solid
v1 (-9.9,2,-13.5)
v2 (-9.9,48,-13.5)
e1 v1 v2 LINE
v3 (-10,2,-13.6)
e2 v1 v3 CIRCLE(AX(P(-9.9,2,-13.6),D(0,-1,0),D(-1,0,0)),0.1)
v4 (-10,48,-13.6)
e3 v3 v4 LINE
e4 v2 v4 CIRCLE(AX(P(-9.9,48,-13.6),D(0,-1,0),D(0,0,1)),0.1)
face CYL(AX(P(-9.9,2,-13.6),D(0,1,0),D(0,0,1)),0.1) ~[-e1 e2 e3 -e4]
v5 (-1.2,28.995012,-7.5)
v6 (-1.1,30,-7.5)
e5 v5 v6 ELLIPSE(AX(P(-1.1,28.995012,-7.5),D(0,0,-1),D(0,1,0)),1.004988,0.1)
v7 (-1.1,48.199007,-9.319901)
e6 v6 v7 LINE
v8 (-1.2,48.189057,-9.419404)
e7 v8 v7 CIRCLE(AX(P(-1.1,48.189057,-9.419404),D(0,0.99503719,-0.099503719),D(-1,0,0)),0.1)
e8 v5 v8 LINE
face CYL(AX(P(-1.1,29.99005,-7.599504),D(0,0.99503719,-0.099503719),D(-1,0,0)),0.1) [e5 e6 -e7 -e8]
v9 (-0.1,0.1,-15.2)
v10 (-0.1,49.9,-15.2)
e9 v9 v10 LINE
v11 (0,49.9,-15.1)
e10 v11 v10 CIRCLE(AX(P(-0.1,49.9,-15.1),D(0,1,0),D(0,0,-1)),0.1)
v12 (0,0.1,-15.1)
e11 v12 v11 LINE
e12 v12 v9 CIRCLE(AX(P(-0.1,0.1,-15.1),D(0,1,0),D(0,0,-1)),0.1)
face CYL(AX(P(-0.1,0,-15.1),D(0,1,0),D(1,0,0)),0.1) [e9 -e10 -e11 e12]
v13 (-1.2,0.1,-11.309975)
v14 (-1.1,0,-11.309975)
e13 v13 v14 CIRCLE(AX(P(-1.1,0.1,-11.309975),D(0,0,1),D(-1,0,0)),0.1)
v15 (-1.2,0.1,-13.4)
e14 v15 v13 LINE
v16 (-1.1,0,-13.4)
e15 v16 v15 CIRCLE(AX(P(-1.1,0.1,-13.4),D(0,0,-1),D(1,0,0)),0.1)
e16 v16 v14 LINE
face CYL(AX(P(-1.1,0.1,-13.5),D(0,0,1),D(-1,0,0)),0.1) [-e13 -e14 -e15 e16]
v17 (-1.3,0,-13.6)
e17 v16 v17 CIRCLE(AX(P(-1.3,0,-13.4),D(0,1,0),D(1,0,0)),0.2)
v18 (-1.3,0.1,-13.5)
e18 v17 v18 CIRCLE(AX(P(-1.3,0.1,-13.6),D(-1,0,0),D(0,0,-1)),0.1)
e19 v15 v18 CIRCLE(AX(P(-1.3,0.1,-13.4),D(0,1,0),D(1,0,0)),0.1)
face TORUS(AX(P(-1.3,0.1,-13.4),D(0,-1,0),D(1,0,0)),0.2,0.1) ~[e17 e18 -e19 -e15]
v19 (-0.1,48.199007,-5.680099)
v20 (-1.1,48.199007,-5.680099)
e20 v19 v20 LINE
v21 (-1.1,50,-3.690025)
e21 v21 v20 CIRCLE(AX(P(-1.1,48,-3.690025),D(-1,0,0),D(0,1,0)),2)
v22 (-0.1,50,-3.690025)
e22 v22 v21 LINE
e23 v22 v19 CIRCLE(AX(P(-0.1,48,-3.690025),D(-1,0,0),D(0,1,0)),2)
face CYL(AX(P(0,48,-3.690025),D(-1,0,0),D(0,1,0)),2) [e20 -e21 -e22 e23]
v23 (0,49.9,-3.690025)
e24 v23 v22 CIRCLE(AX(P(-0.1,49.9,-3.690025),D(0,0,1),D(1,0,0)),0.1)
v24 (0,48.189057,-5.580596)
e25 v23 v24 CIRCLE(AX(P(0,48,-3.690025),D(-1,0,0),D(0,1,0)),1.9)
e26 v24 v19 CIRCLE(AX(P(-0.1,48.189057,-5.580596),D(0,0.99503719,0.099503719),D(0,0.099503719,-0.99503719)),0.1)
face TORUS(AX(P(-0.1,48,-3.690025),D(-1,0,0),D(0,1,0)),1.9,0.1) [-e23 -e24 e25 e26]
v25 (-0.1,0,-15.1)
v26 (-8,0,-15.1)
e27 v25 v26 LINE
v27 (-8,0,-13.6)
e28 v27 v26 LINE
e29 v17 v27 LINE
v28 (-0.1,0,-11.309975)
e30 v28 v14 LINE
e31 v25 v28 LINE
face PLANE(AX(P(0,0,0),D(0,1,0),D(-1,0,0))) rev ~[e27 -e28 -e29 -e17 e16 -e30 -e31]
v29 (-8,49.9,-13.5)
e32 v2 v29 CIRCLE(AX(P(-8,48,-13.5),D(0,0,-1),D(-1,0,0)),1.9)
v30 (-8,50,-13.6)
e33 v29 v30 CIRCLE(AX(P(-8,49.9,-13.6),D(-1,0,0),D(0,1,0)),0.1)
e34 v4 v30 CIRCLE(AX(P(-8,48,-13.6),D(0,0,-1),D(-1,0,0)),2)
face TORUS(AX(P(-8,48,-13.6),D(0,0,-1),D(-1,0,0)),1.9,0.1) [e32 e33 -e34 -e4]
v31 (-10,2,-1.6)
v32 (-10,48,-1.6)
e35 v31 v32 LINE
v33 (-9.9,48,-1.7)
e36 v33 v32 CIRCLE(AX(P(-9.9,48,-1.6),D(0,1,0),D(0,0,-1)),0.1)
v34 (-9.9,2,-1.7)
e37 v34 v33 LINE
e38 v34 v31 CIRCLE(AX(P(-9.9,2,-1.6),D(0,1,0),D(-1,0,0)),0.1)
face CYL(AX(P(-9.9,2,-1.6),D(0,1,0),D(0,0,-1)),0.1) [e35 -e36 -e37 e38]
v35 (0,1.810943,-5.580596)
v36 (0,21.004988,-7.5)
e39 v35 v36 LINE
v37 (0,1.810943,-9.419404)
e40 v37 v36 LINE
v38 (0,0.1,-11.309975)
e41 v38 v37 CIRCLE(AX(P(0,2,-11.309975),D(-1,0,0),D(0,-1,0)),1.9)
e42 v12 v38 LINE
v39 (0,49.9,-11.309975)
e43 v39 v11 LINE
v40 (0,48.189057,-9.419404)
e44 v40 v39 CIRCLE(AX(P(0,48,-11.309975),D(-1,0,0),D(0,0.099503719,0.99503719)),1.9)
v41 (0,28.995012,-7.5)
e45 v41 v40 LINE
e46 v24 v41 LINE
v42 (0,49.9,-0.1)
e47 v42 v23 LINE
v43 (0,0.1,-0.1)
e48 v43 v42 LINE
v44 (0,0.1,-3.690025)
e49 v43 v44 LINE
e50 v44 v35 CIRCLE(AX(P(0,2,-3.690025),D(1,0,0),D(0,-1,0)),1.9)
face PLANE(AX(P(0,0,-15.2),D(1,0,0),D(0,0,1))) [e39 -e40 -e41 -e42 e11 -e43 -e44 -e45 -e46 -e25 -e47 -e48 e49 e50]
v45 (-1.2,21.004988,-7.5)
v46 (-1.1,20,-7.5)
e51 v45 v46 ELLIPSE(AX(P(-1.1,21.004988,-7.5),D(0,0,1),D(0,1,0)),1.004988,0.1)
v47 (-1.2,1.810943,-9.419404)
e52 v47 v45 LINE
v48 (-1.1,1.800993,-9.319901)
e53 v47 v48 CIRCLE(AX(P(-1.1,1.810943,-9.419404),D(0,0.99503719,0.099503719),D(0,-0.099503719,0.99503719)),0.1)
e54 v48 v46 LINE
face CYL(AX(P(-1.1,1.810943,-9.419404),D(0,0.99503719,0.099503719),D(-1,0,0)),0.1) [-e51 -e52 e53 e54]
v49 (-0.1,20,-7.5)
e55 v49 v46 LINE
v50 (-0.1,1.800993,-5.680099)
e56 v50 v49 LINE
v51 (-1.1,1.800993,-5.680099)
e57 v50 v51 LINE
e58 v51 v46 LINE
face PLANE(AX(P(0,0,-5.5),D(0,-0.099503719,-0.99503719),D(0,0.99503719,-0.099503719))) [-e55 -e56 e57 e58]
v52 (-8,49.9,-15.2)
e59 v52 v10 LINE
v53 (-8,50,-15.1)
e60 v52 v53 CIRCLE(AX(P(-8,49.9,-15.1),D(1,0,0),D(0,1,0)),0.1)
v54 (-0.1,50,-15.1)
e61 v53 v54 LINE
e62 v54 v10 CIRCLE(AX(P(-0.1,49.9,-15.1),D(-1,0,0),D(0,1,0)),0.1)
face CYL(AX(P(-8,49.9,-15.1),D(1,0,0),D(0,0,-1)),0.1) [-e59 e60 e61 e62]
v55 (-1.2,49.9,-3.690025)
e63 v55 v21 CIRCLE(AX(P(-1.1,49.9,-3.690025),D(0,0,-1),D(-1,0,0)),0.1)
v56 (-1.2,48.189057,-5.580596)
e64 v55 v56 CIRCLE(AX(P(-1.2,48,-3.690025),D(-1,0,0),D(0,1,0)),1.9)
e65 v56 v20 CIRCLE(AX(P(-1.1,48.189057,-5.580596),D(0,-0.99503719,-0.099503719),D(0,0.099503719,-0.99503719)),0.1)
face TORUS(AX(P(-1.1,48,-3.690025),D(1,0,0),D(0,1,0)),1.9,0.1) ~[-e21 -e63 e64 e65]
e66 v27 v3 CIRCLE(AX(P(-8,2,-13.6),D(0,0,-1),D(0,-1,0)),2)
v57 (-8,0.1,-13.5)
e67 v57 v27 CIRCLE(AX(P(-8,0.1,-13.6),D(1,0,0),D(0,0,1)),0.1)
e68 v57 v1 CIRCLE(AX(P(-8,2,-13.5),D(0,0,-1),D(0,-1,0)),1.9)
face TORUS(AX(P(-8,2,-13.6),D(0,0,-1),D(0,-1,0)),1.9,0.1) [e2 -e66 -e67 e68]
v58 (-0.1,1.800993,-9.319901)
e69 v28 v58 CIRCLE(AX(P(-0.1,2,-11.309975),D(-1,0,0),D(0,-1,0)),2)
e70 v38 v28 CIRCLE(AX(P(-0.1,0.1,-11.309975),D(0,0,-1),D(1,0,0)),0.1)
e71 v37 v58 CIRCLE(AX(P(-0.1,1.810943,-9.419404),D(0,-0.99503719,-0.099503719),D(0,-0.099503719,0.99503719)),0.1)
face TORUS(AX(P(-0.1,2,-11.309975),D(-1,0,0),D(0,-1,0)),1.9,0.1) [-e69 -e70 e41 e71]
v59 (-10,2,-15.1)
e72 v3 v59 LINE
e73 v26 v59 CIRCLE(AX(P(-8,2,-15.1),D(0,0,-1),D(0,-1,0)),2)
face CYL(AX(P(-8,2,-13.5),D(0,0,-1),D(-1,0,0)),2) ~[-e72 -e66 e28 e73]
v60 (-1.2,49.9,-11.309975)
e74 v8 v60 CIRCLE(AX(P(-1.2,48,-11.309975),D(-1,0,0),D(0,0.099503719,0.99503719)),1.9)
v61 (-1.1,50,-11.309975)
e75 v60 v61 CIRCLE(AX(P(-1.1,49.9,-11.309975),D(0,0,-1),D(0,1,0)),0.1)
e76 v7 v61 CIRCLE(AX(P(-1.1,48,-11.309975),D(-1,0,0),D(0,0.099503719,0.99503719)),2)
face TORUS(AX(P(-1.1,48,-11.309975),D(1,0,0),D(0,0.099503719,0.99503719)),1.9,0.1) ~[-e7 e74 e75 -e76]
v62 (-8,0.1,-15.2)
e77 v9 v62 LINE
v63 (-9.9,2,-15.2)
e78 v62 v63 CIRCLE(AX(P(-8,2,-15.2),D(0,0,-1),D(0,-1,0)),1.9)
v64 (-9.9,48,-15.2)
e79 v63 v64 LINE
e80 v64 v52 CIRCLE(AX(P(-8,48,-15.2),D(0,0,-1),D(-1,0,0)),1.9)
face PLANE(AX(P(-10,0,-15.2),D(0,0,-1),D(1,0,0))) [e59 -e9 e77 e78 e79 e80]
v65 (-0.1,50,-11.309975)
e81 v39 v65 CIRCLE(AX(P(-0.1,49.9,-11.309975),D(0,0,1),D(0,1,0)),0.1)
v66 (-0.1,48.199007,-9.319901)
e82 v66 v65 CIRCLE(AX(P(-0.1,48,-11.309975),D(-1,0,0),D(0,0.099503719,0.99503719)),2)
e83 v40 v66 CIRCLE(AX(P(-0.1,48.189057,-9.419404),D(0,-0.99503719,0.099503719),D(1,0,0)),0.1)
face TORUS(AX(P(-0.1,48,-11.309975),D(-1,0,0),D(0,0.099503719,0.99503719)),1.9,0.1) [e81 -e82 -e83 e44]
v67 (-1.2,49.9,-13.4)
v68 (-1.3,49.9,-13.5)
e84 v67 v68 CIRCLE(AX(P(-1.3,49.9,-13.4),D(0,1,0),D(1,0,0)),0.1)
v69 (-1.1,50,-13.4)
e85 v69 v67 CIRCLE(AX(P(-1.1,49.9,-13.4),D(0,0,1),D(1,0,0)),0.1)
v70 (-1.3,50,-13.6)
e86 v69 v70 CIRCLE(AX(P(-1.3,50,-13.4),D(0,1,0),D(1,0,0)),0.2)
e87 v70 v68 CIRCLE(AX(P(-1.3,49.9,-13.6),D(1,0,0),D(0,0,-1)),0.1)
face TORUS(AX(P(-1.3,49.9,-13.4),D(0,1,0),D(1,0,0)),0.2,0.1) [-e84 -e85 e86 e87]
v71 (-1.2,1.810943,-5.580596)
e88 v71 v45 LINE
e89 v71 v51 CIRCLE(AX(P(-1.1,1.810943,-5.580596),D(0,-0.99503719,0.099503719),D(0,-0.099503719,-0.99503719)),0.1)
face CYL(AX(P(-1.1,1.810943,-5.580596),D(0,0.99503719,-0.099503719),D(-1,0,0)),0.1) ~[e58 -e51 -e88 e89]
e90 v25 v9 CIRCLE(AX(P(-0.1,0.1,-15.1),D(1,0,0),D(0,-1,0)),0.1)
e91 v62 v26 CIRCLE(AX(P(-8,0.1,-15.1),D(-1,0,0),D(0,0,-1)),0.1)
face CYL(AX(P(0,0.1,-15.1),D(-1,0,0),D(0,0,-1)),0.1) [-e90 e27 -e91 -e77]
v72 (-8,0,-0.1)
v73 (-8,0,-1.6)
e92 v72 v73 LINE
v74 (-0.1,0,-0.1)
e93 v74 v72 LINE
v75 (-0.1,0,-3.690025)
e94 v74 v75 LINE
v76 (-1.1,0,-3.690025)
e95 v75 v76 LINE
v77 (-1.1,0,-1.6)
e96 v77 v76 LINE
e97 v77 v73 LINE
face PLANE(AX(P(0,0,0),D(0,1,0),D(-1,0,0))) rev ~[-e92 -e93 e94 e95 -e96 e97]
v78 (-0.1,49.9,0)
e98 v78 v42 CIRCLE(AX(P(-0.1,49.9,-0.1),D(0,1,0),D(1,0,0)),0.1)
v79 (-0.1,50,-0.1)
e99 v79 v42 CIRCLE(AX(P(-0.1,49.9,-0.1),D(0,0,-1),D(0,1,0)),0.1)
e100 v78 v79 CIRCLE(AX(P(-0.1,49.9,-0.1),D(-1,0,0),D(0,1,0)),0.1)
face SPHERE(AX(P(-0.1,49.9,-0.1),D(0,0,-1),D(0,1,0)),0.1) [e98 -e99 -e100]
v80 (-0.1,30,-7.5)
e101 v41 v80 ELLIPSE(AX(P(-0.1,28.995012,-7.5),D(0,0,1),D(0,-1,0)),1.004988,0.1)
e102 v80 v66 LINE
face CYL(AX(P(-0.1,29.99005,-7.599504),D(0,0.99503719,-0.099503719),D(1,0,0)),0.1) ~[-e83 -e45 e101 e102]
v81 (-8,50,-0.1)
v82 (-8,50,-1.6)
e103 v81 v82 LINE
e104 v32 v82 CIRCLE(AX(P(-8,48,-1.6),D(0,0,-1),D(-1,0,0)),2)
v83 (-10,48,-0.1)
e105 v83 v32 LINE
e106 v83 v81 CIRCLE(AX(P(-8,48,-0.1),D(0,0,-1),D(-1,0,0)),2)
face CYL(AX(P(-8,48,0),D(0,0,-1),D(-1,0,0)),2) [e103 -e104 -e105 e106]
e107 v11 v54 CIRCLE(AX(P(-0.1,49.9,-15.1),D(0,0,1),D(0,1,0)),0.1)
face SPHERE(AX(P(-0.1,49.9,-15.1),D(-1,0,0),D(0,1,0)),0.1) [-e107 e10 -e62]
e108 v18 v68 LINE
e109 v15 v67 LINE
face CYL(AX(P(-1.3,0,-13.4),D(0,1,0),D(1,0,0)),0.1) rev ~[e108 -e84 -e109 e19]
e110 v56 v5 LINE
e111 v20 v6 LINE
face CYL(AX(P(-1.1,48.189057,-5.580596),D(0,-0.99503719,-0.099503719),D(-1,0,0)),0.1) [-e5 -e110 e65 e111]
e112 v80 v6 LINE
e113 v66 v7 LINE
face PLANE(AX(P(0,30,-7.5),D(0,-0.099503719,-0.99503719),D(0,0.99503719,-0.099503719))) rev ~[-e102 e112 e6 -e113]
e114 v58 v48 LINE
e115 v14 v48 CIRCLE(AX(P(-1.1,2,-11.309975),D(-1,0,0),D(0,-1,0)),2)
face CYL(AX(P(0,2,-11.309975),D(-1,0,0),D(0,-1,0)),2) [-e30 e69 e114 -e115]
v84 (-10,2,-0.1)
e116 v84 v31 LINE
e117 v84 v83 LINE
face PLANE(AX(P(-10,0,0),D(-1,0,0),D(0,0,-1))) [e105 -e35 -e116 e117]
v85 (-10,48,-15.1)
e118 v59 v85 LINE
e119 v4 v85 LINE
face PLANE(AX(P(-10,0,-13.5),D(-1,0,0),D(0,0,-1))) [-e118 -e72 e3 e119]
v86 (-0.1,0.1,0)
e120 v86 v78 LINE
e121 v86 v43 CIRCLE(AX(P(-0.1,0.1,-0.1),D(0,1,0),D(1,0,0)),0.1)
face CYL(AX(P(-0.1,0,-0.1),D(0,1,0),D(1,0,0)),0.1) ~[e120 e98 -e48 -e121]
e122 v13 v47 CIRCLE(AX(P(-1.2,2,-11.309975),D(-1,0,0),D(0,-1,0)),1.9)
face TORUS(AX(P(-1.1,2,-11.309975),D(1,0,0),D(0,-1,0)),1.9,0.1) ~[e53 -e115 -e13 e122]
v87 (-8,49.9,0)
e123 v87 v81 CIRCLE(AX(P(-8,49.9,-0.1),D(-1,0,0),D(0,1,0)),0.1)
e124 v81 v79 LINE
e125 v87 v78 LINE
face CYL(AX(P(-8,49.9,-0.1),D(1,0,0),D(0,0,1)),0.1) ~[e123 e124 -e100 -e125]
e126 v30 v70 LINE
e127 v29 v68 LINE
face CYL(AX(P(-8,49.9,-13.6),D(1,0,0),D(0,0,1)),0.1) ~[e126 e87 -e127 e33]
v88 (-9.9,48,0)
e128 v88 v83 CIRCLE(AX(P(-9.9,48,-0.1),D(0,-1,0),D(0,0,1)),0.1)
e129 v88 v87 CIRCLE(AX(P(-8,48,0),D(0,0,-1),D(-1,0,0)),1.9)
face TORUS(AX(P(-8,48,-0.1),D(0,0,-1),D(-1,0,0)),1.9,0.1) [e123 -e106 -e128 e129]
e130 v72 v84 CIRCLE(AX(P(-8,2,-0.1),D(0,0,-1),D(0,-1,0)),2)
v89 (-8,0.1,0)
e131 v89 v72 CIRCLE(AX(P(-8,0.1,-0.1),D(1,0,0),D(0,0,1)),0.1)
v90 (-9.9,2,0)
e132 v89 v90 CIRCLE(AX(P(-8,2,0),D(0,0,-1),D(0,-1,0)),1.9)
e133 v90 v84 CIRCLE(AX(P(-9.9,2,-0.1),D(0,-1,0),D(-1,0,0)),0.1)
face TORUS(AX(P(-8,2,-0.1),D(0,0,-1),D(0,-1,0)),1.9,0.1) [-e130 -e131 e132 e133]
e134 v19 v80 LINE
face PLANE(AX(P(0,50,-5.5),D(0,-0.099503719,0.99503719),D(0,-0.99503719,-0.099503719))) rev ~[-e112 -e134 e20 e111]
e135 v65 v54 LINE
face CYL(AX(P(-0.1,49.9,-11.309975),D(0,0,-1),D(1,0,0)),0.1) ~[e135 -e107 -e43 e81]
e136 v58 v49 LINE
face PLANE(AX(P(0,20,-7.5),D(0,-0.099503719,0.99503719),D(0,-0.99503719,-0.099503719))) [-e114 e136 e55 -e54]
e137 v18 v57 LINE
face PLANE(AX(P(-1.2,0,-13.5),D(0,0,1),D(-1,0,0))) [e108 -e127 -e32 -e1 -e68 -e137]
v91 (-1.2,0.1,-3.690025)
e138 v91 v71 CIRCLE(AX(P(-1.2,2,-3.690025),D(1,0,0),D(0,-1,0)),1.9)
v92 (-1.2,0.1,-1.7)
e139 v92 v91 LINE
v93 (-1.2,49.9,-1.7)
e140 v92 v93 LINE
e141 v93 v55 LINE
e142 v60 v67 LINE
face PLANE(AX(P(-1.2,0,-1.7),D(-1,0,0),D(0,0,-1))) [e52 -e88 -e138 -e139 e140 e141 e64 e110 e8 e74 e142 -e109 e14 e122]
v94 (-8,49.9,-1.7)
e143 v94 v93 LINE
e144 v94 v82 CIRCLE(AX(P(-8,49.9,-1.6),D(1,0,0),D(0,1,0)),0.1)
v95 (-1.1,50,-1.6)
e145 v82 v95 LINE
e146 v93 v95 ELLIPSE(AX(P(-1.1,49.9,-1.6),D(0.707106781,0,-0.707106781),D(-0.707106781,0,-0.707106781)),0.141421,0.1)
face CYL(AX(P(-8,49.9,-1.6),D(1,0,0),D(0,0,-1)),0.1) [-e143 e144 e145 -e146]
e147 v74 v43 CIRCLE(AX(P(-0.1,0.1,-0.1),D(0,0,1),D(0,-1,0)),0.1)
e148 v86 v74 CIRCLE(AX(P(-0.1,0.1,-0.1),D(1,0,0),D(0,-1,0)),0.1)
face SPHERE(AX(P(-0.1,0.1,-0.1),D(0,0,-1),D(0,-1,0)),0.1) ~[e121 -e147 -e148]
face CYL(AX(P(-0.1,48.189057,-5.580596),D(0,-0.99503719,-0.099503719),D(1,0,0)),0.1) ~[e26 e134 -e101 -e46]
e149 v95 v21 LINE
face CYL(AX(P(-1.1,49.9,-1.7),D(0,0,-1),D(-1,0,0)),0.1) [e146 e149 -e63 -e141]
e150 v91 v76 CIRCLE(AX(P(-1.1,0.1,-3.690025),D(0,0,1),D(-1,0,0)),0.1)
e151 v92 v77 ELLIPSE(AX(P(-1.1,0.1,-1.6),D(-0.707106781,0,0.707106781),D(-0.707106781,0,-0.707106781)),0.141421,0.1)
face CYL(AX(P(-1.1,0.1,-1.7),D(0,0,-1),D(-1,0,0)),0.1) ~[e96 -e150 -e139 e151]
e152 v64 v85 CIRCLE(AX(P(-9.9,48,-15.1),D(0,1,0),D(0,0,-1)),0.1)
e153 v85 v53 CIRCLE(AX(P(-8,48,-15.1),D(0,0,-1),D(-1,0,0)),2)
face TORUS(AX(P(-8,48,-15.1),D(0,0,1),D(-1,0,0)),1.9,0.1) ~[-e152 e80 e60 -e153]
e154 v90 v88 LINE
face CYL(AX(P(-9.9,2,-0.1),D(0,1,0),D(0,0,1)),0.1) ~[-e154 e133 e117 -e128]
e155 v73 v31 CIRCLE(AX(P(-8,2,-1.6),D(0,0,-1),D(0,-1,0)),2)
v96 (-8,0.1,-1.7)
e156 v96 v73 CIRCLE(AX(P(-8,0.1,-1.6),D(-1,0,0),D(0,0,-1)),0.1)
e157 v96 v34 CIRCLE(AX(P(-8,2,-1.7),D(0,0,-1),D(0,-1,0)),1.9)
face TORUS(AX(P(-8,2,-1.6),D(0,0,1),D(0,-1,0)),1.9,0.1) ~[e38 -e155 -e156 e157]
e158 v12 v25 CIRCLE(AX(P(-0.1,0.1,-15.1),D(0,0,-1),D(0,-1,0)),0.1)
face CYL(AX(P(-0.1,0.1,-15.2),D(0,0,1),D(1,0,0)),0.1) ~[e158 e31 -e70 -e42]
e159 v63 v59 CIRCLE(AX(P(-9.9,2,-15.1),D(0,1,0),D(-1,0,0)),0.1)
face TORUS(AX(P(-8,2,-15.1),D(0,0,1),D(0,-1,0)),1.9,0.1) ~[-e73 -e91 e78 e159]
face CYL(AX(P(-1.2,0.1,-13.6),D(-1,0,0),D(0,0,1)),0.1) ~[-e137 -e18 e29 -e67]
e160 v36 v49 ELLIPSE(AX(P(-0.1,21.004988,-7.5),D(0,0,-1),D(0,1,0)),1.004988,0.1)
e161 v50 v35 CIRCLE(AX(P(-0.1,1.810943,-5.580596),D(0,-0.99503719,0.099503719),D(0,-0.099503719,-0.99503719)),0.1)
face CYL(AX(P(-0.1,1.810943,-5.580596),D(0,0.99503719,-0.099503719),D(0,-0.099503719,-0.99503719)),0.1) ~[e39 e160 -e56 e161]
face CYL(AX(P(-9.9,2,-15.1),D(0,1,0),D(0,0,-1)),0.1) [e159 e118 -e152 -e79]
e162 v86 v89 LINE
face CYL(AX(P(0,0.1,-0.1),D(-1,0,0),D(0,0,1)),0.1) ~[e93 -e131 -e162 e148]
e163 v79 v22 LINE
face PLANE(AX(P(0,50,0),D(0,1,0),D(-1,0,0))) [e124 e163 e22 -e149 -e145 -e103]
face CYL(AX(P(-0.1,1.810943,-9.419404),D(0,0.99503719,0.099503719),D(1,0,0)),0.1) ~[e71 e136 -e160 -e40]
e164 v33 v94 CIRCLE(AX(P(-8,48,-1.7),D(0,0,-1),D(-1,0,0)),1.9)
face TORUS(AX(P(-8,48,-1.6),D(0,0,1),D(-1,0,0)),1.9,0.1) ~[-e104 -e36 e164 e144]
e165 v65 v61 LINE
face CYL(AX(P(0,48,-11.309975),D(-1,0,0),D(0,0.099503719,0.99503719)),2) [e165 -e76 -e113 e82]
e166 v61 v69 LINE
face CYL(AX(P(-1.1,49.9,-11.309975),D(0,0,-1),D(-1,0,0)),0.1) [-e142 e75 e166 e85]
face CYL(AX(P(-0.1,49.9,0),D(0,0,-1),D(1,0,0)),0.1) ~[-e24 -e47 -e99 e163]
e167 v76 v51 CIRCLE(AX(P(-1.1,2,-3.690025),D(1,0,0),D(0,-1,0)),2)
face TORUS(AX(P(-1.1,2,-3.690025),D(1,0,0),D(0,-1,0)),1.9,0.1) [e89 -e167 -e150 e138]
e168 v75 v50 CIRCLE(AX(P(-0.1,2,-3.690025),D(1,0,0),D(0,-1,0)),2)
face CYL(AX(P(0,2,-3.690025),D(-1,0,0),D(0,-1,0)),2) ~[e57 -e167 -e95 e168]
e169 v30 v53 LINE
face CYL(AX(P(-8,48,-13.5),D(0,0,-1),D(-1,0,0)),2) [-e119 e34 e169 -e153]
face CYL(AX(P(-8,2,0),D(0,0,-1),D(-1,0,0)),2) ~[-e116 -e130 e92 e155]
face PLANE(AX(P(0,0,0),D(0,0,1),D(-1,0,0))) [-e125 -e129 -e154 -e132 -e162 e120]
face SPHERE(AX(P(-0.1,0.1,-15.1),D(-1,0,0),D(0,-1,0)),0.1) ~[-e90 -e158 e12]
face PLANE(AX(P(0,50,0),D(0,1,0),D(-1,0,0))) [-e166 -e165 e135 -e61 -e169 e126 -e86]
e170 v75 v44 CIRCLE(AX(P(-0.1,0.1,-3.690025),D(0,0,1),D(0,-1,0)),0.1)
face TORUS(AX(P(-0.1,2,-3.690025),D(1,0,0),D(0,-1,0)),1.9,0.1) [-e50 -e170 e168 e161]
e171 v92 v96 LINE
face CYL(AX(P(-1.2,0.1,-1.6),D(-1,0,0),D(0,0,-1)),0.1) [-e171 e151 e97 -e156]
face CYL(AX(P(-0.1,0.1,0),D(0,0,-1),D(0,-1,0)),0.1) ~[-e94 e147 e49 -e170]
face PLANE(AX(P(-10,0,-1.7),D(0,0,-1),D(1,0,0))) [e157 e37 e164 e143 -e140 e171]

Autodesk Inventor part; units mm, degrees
ref_plane "YZ Plane" through (0, 0, 0) normal (1, 0, 0) x (0, 1, 0)
ref_plane "XZ Plane" through (0, 0, 0) normal (0, 1, 0) x (-1, 0, 0)
ref_plane "XY Plane" through (0, 0, 0) normal (0, 0, 1) x (1, 0, 0)
sketch "Эскиз2" plane through (0, 0, 0) normal (0, 1, 0) x (-1, 0, 0)
  line L0 (0, 0) -> (10, 0)
  line L1 (10, 0) -> (10, -1.7)
  line L2 (10, -1.7) -> (1.2, -1.7)
  line L3 (1.2, -1.7) -> (1.2, -13.5)
  line L4 (1.2, -13.5) -> (10, -13.5)
  line L5 (10, -13.5) -> (10, -15.2)
  line L6 (10, -15.2) -> (0, -15.2)
  line L7 (0, -15.2) -> (0, 0)
  dimension "d0" = 10
  dimension "d1" = 1.7
  dimension "d4" = 1.7
  dimension "d5" = 1.2
  dimension "d10" = 15.2
extrude "Выдавливание1" add sketch "Эскиз2" along normal blind 50
fillet "Сопряжение1" radius 2 4 edges at (-10, 50, -14.35) (-10, 50, -0.85) (-10, 0, -14.35) (-10, 0, -0.85)
sketch "Эскиз3" plane through (0, 0, 0) normal (1, 0, 0) x (0, 0, -1)
  line L0 (13.5, 0) -> (1.7, 0) projected
  line L1 (5.5, 0) -> (7.5, 20)
  line L2 (7.5, 20) -> (9.5, 0)
  line L3 (9.5, 0) -> (5.5, 0)
  line L4 (13.5, 50) -> (1.7, 50) projected
  line L5 (5.5, 50) -> (7.5, 30)
  line L6 (7.5, 30) -> (9.5, 50)
  line L7 (9.5, 50) -> (5.5, 50)
  line L8 (0, 0) -> (0, 50) projected
  point P0 (7.6, 50)
  point P1 (7.5, 0)
  point P2 (7.5, 50)
  point P3 (9.5, 0)
  dimension "d11" = 20
  dimension "d12" = 20
  dimension "d15" = 0
  dimension "d16" = 0
  dimension "d17" = 7.5
  dimension "d18" = 7.5
  dimension "d19" = 4
  dimension "d20" = 4
extrude "Выдавливание2" cut sketch "Эскиз3" against normal blind 10
fillet "Сопряжение3" radius 2 4 edges at (-0.6, 0, -9.5) (-0.6, 0, -5.5) (-0.6, 50, -5.5) (-0.6, 50, -9.5)
fillet "Сопряжение4" radius 0.1 47 edges at (-9.4142, 49.4142, -15.2) (-4, 50, -15.2) (-9.4142, 0.5858, -15.2) (-4, 0, -15.2) (-10, 25, -15.2) (-9.4142, 49.4142, -13.5) (-4.6, 50, -13.5) (-9.4142, 0.5858, -13.5) (-4.6, 0, -13.5) (-10, 25, -13.5) (-1.2, 25, -13.5) (-1.2, 49.4829, -9.968) (-1.2, 50, -12.405) (-1.2, 39.0995, -8.41) (-1.2, 49.4829, -5.032) (-1.2, 50, -2.695) (-1.2, 39.0995, -6.59) (0, 49.4829, -5.032) (0, 50, -1.845) (0, 39.0995, -6.59) (0, 49.4829, -9.968) (0, 50, -13.255) (0, 39.0995, -8.41) (-1.2, 0.5171, -9.968) (-1.2, 0, -12.405) (-1.2, 10.9005, -8.41) (0, 0.5171, -9.968) (0, 0, -13.255) (0, 10.9005, -8.41) (-1.2, 0.5171, -5.032) (-1.2, 0, -2.695) (-1.2, 10.9005, -6.59) (0, 0.5171, -5.032) (0, 0, -1.845) (0, 10.9005, -6.59) (-9.4142, 49.4142, -1.7) (-4.6, 50, -1.7) (-9.4142, 0.5858, -1.7) (-4.6, 0, -1.7) (-10, 25, -1.7) (-9.4142, 49.4142, 0) (-4, 50, 0) (-9.4142, 0.5858, 0) (-4, 0, 0) (-10, 25, 0) (0, 25, 0) (0, 25, -15.2)
properties part number "Соединитель"
